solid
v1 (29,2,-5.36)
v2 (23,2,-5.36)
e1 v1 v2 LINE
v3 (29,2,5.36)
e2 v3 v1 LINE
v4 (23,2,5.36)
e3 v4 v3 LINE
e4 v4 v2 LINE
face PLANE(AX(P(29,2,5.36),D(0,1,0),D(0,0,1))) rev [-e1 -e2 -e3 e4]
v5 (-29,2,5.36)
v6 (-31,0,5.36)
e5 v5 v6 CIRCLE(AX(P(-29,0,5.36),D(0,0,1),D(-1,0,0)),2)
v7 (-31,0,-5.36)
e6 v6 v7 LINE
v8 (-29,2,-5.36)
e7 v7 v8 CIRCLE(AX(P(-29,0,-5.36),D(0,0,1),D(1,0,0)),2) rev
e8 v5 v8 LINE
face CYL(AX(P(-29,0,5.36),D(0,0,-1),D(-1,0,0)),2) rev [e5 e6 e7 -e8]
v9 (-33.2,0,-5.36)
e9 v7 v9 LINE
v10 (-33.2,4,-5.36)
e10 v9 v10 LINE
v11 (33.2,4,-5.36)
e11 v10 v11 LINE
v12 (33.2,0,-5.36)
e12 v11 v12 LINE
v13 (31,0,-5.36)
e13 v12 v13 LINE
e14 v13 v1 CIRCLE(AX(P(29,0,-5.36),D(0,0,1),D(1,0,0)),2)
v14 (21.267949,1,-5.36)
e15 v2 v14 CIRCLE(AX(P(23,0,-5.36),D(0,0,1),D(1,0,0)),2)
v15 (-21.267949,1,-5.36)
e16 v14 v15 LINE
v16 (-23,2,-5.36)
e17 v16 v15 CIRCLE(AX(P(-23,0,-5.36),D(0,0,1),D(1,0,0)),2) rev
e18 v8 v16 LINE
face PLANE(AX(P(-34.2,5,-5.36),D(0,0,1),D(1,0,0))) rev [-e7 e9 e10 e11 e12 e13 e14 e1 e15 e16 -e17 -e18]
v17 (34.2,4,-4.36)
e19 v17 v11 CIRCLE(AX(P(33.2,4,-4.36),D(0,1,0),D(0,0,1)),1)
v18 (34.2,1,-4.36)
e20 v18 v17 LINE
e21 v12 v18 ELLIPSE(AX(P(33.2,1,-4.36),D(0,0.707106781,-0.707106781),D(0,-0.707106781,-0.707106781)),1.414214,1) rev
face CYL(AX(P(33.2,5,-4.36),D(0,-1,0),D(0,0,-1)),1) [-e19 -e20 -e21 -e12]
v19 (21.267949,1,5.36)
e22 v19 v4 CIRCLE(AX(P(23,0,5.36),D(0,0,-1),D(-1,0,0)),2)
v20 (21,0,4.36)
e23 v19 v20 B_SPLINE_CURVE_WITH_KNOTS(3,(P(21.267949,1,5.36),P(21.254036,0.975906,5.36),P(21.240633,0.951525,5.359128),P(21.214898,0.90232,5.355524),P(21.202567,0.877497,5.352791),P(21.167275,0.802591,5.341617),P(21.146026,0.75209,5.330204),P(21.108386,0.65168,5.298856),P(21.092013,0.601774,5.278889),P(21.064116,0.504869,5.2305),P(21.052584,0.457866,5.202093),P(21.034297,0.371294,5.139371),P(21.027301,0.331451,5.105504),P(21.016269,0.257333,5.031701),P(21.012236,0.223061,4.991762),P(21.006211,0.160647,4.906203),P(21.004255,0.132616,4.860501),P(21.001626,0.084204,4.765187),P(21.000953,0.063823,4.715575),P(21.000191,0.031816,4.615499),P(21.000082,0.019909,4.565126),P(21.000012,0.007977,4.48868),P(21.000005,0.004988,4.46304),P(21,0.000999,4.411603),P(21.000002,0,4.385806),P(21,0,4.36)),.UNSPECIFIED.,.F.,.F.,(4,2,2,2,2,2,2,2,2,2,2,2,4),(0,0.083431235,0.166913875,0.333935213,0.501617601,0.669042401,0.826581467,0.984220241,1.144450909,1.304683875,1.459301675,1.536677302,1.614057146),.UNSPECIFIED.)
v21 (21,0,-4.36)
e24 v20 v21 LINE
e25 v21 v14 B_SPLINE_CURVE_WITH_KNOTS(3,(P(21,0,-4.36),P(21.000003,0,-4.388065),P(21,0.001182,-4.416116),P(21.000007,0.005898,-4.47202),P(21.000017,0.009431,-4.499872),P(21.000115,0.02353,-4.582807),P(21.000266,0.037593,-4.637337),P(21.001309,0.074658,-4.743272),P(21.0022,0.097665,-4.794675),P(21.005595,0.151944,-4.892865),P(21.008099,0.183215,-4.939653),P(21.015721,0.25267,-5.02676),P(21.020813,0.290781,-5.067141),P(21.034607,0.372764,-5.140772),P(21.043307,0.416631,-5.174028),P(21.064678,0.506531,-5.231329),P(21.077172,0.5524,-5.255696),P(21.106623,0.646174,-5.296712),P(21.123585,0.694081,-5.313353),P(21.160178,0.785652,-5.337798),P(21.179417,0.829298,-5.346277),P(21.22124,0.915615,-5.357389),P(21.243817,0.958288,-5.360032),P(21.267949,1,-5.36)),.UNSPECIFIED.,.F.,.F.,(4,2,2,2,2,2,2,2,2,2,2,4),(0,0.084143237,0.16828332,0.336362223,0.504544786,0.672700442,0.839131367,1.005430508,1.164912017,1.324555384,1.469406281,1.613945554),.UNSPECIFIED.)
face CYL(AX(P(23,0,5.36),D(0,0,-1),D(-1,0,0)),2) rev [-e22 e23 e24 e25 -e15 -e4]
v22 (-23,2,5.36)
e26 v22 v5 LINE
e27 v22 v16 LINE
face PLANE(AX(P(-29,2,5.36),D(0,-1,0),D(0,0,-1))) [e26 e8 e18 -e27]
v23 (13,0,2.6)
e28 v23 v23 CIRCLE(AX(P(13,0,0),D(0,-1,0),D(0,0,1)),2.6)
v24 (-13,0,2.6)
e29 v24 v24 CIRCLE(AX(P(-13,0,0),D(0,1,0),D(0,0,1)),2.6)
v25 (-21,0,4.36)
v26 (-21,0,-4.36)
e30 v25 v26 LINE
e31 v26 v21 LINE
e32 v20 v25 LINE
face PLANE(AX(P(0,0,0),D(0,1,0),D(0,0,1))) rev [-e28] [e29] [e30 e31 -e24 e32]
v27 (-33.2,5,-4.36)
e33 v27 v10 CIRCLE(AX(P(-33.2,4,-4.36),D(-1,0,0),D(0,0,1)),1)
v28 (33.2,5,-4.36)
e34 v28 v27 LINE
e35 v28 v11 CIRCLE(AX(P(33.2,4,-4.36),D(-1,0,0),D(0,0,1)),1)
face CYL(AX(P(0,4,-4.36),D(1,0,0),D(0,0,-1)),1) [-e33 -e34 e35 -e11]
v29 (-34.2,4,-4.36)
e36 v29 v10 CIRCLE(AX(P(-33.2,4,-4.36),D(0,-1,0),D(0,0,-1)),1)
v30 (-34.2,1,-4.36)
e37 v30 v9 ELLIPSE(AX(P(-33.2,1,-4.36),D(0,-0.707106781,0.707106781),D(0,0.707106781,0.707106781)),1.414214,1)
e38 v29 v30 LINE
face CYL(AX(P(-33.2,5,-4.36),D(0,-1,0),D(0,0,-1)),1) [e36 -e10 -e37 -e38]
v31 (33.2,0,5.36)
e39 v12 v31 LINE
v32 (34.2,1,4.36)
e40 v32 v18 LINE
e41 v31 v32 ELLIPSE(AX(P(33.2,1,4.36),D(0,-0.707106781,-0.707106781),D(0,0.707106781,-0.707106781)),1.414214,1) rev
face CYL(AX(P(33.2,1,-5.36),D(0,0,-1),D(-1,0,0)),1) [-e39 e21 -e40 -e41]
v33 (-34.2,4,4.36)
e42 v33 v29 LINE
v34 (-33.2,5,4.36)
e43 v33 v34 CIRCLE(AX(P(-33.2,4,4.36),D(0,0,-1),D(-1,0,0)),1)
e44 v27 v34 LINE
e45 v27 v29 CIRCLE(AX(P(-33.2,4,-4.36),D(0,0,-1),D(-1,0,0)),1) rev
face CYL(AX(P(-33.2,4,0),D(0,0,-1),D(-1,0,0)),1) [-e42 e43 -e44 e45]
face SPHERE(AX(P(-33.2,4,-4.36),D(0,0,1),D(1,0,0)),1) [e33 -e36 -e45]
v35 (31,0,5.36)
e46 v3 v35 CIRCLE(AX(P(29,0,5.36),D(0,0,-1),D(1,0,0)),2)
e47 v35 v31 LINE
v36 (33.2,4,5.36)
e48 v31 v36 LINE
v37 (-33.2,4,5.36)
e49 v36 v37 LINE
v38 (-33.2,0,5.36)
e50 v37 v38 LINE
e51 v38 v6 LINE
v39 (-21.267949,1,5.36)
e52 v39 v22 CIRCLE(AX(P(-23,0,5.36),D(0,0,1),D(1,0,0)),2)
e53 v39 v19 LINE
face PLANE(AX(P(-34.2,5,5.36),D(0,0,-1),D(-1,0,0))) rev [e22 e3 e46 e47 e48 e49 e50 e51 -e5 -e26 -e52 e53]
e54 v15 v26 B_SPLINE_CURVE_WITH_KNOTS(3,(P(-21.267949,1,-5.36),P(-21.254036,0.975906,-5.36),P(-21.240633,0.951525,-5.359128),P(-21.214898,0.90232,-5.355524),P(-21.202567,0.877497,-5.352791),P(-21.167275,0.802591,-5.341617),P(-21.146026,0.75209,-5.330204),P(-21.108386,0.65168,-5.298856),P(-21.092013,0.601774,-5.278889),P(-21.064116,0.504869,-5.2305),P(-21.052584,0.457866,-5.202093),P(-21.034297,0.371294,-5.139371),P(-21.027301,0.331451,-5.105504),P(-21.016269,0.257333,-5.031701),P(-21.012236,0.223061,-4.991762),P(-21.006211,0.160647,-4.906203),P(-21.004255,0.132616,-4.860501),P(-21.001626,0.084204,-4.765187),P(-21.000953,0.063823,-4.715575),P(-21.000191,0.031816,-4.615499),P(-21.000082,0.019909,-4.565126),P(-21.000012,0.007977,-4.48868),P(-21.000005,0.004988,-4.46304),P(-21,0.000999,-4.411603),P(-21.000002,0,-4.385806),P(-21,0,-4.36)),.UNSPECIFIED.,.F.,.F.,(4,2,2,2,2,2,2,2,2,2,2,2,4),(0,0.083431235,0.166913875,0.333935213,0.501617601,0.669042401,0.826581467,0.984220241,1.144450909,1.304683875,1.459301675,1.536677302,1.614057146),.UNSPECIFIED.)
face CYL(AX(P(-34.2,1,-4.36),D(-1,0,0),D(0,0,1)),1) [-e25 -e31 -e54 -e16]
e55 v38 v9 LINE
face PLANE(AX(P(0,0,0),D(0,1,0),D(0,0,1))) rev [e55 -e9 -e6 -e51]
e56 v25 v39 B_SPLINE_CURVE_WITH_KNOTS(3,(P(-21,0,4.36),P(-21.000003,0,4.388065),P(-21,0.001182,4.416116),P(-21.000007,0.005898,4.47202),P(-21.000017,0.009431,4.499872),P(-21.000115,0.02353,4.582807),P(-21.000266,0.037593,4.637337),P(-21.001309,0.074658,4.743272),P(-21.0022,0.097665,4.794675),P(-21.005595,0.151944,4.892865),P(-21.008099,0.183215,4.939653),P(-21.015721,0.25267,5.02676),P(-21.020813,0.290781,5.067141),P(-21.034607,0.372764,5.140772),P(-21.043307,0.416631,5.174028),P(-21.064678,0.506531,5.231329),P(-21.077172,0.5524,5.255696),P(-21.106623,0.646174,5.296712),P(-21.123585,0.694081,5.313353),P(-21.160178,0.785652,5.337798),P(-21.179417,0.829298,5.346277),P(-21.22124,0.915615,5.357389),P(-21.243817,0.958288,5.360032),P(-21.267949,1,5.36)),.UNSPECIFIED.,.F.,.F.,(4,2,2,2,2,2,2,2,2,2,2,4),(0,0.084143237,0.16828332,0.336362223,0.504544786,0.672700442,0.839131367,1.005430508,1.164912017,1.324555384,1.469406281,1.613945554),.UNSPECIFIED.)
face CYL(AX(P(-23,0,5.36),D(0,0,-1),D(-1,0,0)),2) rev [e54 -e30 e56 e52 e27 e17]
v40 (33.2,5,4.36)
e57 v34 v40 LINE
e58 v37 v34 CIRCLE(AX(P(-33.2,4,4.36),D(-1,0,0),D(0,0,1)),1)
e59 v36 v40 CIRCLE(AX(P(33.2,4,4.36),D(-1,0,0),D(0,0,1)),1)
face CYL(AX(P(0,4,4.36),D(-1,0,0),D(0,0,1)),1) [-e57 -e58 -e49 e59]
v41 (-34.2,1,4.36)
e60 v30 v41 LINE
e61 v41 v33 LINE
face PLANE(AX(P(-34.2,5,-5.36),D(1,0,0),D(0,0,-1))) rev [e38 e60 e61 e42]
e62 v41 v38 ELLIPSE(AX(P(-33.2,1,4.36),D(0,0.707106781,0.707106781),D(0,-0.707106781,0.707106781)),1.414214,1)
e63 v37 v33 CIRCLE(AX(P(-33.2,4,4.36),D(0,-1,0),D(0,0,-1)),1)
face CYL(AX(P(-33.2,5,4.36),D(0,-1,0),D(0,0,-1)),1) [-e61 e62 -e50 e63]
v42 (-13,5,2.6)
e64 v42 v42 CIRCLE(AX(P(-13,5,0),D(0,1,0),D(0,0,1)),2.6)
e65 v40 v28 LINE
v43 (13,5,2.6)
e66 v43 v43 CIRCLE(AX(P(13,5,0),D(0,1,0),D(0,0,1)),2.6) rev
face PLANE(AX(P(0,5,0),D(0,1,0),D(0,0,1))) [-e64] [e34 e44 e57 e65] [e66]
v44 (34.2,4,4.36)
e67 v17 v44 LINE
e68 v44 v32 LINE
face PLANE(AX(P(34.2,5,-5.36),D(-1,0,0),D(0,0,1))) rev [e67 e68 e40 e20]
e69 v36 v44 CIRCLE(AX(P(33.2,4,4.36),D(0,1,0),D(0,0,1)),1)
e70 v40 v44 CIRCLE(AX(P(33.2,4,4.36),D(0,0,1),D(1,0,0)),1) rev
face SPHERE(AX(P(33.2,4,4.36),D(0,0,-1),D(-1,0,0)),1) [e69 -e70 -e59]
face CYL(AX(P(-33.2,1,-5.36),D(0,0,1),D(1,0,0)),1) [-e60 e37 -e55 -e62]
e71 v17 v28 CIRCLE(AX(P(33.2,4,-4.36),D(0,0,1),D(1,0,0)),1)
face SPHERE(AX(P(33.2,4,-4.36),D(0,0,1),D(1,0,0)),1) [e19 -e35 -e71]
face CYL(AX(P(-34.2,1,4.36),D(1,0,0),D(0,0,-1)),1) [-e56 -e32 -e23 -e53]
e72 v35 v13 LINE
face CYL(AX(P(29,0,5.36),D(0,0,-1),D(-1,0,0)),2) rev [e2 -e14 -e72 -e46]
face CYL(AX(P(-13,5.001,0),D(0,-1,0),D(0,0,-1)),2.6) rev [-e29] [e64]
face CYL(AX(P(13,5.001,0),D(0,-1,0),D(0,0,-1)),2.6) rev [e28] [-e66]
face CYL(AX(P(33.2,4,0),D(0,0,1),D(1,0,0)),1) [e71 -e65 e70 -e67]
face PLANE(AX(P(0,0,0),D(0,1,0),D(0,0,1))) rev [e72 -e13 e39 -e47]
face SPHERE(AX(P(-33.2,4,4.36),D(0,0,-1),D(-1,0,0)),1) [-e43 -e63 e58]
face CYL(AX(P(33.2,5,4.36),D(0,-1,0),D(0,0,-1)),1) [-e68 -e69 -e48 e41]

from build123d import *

# Parameters (mm, degrees)
SKETCH1_W           = 68.4
SKETCH1_H           = 10.72
BOSS_EXTRUDE1_DEPTH = 5
CUT_EXTRUDE3_REACH  = 36.977
SKETCH6_R           = 2.6
CUT_EXTRUDE4_DEPTH  = 37.187821156
FILLET1_R           = 1
FILLET2_R           = 1
FILLET3_R           = 1


with BuildPart() as part:
    # Sketch1 → Boss-Extrude1 (new body)
    with BuildSketch(Plane(origin=(0, 0, 0), x_dir=(1, 0, 0), z_dir=(0, 1, 0))):
        Rectangle(SKETCH1_W, SKETCH1_H)
    extrude(amount=BOSS_EXTRUDE1_DEPTH)

    # Sketch6 → Cut-Extrude3 (cut, up to next)
    with BuildSketch(Plane(origin=(0, 0, 0), x_dir=(1, 0, 0), z_dir=(0, 1, 0)), mode=Mode.PRIVATE) as cut_extrude3_sk1:
        with Locations(Location((-13, 0, 0), (0, 0, 270))):
            Circle(SKETCH6_R)
    cut_extrude3_tool1 = extrude(cut_extrude3_sk1.sketch, amount=CUT_EXTRUDE3_REACH, mode=Mode.PRIVATE) & part.part
    cut_extrude3 = cut_extrude3_tool1.solids().sort_by_distance((-13, 0, 0))[0]
    add(cut_extrude3, mode=Mode.SUBTRACT)

    # Sketch9 → Cut-Extrude4 (cut, through all)
    with BuildSketch(Plane.XY.offset(5.36)):
        with BuildLine():
            Line((-23, 2), (-29, 2))
            ThreePointArc((-29, 2), (-30.414213562, 1.414213562), (-31, 0))
            Line((-31, 0), (-21, 0))
            ThreePointArc((-21, 0), (-21.585786438, 1.414213562), (-23, 2))
        make_face()
    cut_extrude4 = extrude(amount=-CUT_EXTRUDE4_DEPTH, mode=Mode.SUBTRACT)

    # Mirror4: Cut-Extrude4 across plane
    add(cut_extrude4.mirror(Plane(origin=(0, 0, 0), x_dir=(0, 0, 1), z_dir=(1, 0, 0))), mode=Mode.SUBTRACT)

    # Fillet1
    fillet1_edges = [part.edges().sort_by_distance(p)[0] for p in [
        (-34.2, 5, 0),
    ]]
    fillet(fillet1_edges, radius=FILLET1_R)

    # Fillet2
    fillet2_edges = [part.edges().sort_by_distance(p)[0] for p in [
        (34.2, 5, 0),
    ]]
    fillet(fillet2_edges, radius=FILLET2_R)

    # Mirror5: Cut-Extrude3 across plane
    add(cut_extrude3.mirror(Plane(origin=(0, 0, 0), x_dir=(0, 0, 1), z_dir=(1, 0, 0))), mode=Mode.SUBTRACT)

    # Fillet3
    fillet3_edges = [part.edges().sort_by_distance(p)[0] for p in [
        (-34.2, 2, 5.36),
        (-33.907106781, 4.707106781, 5.36),
        (34.2, 2, 5.36),
        (33.907106781, 4.707106781, 5.36),
        (34.2, 2, -5.36),
        (33.907106781, 4.707106781, -5.36),
        (-34.2, 2, -5.36),
        (-33.907106781, 4.707106781, -5.36),
        (34.2, 0, 0),
        (-34.2, 0, 0),
        (0, 5, 5.36),
        (0, 5, -5.36),
        (0, 0, 5.36),
        (0, 0, -5.36),
    ]]
    fillet(fillet3_edges, radius=FILLET3_R)


solid = part.part
